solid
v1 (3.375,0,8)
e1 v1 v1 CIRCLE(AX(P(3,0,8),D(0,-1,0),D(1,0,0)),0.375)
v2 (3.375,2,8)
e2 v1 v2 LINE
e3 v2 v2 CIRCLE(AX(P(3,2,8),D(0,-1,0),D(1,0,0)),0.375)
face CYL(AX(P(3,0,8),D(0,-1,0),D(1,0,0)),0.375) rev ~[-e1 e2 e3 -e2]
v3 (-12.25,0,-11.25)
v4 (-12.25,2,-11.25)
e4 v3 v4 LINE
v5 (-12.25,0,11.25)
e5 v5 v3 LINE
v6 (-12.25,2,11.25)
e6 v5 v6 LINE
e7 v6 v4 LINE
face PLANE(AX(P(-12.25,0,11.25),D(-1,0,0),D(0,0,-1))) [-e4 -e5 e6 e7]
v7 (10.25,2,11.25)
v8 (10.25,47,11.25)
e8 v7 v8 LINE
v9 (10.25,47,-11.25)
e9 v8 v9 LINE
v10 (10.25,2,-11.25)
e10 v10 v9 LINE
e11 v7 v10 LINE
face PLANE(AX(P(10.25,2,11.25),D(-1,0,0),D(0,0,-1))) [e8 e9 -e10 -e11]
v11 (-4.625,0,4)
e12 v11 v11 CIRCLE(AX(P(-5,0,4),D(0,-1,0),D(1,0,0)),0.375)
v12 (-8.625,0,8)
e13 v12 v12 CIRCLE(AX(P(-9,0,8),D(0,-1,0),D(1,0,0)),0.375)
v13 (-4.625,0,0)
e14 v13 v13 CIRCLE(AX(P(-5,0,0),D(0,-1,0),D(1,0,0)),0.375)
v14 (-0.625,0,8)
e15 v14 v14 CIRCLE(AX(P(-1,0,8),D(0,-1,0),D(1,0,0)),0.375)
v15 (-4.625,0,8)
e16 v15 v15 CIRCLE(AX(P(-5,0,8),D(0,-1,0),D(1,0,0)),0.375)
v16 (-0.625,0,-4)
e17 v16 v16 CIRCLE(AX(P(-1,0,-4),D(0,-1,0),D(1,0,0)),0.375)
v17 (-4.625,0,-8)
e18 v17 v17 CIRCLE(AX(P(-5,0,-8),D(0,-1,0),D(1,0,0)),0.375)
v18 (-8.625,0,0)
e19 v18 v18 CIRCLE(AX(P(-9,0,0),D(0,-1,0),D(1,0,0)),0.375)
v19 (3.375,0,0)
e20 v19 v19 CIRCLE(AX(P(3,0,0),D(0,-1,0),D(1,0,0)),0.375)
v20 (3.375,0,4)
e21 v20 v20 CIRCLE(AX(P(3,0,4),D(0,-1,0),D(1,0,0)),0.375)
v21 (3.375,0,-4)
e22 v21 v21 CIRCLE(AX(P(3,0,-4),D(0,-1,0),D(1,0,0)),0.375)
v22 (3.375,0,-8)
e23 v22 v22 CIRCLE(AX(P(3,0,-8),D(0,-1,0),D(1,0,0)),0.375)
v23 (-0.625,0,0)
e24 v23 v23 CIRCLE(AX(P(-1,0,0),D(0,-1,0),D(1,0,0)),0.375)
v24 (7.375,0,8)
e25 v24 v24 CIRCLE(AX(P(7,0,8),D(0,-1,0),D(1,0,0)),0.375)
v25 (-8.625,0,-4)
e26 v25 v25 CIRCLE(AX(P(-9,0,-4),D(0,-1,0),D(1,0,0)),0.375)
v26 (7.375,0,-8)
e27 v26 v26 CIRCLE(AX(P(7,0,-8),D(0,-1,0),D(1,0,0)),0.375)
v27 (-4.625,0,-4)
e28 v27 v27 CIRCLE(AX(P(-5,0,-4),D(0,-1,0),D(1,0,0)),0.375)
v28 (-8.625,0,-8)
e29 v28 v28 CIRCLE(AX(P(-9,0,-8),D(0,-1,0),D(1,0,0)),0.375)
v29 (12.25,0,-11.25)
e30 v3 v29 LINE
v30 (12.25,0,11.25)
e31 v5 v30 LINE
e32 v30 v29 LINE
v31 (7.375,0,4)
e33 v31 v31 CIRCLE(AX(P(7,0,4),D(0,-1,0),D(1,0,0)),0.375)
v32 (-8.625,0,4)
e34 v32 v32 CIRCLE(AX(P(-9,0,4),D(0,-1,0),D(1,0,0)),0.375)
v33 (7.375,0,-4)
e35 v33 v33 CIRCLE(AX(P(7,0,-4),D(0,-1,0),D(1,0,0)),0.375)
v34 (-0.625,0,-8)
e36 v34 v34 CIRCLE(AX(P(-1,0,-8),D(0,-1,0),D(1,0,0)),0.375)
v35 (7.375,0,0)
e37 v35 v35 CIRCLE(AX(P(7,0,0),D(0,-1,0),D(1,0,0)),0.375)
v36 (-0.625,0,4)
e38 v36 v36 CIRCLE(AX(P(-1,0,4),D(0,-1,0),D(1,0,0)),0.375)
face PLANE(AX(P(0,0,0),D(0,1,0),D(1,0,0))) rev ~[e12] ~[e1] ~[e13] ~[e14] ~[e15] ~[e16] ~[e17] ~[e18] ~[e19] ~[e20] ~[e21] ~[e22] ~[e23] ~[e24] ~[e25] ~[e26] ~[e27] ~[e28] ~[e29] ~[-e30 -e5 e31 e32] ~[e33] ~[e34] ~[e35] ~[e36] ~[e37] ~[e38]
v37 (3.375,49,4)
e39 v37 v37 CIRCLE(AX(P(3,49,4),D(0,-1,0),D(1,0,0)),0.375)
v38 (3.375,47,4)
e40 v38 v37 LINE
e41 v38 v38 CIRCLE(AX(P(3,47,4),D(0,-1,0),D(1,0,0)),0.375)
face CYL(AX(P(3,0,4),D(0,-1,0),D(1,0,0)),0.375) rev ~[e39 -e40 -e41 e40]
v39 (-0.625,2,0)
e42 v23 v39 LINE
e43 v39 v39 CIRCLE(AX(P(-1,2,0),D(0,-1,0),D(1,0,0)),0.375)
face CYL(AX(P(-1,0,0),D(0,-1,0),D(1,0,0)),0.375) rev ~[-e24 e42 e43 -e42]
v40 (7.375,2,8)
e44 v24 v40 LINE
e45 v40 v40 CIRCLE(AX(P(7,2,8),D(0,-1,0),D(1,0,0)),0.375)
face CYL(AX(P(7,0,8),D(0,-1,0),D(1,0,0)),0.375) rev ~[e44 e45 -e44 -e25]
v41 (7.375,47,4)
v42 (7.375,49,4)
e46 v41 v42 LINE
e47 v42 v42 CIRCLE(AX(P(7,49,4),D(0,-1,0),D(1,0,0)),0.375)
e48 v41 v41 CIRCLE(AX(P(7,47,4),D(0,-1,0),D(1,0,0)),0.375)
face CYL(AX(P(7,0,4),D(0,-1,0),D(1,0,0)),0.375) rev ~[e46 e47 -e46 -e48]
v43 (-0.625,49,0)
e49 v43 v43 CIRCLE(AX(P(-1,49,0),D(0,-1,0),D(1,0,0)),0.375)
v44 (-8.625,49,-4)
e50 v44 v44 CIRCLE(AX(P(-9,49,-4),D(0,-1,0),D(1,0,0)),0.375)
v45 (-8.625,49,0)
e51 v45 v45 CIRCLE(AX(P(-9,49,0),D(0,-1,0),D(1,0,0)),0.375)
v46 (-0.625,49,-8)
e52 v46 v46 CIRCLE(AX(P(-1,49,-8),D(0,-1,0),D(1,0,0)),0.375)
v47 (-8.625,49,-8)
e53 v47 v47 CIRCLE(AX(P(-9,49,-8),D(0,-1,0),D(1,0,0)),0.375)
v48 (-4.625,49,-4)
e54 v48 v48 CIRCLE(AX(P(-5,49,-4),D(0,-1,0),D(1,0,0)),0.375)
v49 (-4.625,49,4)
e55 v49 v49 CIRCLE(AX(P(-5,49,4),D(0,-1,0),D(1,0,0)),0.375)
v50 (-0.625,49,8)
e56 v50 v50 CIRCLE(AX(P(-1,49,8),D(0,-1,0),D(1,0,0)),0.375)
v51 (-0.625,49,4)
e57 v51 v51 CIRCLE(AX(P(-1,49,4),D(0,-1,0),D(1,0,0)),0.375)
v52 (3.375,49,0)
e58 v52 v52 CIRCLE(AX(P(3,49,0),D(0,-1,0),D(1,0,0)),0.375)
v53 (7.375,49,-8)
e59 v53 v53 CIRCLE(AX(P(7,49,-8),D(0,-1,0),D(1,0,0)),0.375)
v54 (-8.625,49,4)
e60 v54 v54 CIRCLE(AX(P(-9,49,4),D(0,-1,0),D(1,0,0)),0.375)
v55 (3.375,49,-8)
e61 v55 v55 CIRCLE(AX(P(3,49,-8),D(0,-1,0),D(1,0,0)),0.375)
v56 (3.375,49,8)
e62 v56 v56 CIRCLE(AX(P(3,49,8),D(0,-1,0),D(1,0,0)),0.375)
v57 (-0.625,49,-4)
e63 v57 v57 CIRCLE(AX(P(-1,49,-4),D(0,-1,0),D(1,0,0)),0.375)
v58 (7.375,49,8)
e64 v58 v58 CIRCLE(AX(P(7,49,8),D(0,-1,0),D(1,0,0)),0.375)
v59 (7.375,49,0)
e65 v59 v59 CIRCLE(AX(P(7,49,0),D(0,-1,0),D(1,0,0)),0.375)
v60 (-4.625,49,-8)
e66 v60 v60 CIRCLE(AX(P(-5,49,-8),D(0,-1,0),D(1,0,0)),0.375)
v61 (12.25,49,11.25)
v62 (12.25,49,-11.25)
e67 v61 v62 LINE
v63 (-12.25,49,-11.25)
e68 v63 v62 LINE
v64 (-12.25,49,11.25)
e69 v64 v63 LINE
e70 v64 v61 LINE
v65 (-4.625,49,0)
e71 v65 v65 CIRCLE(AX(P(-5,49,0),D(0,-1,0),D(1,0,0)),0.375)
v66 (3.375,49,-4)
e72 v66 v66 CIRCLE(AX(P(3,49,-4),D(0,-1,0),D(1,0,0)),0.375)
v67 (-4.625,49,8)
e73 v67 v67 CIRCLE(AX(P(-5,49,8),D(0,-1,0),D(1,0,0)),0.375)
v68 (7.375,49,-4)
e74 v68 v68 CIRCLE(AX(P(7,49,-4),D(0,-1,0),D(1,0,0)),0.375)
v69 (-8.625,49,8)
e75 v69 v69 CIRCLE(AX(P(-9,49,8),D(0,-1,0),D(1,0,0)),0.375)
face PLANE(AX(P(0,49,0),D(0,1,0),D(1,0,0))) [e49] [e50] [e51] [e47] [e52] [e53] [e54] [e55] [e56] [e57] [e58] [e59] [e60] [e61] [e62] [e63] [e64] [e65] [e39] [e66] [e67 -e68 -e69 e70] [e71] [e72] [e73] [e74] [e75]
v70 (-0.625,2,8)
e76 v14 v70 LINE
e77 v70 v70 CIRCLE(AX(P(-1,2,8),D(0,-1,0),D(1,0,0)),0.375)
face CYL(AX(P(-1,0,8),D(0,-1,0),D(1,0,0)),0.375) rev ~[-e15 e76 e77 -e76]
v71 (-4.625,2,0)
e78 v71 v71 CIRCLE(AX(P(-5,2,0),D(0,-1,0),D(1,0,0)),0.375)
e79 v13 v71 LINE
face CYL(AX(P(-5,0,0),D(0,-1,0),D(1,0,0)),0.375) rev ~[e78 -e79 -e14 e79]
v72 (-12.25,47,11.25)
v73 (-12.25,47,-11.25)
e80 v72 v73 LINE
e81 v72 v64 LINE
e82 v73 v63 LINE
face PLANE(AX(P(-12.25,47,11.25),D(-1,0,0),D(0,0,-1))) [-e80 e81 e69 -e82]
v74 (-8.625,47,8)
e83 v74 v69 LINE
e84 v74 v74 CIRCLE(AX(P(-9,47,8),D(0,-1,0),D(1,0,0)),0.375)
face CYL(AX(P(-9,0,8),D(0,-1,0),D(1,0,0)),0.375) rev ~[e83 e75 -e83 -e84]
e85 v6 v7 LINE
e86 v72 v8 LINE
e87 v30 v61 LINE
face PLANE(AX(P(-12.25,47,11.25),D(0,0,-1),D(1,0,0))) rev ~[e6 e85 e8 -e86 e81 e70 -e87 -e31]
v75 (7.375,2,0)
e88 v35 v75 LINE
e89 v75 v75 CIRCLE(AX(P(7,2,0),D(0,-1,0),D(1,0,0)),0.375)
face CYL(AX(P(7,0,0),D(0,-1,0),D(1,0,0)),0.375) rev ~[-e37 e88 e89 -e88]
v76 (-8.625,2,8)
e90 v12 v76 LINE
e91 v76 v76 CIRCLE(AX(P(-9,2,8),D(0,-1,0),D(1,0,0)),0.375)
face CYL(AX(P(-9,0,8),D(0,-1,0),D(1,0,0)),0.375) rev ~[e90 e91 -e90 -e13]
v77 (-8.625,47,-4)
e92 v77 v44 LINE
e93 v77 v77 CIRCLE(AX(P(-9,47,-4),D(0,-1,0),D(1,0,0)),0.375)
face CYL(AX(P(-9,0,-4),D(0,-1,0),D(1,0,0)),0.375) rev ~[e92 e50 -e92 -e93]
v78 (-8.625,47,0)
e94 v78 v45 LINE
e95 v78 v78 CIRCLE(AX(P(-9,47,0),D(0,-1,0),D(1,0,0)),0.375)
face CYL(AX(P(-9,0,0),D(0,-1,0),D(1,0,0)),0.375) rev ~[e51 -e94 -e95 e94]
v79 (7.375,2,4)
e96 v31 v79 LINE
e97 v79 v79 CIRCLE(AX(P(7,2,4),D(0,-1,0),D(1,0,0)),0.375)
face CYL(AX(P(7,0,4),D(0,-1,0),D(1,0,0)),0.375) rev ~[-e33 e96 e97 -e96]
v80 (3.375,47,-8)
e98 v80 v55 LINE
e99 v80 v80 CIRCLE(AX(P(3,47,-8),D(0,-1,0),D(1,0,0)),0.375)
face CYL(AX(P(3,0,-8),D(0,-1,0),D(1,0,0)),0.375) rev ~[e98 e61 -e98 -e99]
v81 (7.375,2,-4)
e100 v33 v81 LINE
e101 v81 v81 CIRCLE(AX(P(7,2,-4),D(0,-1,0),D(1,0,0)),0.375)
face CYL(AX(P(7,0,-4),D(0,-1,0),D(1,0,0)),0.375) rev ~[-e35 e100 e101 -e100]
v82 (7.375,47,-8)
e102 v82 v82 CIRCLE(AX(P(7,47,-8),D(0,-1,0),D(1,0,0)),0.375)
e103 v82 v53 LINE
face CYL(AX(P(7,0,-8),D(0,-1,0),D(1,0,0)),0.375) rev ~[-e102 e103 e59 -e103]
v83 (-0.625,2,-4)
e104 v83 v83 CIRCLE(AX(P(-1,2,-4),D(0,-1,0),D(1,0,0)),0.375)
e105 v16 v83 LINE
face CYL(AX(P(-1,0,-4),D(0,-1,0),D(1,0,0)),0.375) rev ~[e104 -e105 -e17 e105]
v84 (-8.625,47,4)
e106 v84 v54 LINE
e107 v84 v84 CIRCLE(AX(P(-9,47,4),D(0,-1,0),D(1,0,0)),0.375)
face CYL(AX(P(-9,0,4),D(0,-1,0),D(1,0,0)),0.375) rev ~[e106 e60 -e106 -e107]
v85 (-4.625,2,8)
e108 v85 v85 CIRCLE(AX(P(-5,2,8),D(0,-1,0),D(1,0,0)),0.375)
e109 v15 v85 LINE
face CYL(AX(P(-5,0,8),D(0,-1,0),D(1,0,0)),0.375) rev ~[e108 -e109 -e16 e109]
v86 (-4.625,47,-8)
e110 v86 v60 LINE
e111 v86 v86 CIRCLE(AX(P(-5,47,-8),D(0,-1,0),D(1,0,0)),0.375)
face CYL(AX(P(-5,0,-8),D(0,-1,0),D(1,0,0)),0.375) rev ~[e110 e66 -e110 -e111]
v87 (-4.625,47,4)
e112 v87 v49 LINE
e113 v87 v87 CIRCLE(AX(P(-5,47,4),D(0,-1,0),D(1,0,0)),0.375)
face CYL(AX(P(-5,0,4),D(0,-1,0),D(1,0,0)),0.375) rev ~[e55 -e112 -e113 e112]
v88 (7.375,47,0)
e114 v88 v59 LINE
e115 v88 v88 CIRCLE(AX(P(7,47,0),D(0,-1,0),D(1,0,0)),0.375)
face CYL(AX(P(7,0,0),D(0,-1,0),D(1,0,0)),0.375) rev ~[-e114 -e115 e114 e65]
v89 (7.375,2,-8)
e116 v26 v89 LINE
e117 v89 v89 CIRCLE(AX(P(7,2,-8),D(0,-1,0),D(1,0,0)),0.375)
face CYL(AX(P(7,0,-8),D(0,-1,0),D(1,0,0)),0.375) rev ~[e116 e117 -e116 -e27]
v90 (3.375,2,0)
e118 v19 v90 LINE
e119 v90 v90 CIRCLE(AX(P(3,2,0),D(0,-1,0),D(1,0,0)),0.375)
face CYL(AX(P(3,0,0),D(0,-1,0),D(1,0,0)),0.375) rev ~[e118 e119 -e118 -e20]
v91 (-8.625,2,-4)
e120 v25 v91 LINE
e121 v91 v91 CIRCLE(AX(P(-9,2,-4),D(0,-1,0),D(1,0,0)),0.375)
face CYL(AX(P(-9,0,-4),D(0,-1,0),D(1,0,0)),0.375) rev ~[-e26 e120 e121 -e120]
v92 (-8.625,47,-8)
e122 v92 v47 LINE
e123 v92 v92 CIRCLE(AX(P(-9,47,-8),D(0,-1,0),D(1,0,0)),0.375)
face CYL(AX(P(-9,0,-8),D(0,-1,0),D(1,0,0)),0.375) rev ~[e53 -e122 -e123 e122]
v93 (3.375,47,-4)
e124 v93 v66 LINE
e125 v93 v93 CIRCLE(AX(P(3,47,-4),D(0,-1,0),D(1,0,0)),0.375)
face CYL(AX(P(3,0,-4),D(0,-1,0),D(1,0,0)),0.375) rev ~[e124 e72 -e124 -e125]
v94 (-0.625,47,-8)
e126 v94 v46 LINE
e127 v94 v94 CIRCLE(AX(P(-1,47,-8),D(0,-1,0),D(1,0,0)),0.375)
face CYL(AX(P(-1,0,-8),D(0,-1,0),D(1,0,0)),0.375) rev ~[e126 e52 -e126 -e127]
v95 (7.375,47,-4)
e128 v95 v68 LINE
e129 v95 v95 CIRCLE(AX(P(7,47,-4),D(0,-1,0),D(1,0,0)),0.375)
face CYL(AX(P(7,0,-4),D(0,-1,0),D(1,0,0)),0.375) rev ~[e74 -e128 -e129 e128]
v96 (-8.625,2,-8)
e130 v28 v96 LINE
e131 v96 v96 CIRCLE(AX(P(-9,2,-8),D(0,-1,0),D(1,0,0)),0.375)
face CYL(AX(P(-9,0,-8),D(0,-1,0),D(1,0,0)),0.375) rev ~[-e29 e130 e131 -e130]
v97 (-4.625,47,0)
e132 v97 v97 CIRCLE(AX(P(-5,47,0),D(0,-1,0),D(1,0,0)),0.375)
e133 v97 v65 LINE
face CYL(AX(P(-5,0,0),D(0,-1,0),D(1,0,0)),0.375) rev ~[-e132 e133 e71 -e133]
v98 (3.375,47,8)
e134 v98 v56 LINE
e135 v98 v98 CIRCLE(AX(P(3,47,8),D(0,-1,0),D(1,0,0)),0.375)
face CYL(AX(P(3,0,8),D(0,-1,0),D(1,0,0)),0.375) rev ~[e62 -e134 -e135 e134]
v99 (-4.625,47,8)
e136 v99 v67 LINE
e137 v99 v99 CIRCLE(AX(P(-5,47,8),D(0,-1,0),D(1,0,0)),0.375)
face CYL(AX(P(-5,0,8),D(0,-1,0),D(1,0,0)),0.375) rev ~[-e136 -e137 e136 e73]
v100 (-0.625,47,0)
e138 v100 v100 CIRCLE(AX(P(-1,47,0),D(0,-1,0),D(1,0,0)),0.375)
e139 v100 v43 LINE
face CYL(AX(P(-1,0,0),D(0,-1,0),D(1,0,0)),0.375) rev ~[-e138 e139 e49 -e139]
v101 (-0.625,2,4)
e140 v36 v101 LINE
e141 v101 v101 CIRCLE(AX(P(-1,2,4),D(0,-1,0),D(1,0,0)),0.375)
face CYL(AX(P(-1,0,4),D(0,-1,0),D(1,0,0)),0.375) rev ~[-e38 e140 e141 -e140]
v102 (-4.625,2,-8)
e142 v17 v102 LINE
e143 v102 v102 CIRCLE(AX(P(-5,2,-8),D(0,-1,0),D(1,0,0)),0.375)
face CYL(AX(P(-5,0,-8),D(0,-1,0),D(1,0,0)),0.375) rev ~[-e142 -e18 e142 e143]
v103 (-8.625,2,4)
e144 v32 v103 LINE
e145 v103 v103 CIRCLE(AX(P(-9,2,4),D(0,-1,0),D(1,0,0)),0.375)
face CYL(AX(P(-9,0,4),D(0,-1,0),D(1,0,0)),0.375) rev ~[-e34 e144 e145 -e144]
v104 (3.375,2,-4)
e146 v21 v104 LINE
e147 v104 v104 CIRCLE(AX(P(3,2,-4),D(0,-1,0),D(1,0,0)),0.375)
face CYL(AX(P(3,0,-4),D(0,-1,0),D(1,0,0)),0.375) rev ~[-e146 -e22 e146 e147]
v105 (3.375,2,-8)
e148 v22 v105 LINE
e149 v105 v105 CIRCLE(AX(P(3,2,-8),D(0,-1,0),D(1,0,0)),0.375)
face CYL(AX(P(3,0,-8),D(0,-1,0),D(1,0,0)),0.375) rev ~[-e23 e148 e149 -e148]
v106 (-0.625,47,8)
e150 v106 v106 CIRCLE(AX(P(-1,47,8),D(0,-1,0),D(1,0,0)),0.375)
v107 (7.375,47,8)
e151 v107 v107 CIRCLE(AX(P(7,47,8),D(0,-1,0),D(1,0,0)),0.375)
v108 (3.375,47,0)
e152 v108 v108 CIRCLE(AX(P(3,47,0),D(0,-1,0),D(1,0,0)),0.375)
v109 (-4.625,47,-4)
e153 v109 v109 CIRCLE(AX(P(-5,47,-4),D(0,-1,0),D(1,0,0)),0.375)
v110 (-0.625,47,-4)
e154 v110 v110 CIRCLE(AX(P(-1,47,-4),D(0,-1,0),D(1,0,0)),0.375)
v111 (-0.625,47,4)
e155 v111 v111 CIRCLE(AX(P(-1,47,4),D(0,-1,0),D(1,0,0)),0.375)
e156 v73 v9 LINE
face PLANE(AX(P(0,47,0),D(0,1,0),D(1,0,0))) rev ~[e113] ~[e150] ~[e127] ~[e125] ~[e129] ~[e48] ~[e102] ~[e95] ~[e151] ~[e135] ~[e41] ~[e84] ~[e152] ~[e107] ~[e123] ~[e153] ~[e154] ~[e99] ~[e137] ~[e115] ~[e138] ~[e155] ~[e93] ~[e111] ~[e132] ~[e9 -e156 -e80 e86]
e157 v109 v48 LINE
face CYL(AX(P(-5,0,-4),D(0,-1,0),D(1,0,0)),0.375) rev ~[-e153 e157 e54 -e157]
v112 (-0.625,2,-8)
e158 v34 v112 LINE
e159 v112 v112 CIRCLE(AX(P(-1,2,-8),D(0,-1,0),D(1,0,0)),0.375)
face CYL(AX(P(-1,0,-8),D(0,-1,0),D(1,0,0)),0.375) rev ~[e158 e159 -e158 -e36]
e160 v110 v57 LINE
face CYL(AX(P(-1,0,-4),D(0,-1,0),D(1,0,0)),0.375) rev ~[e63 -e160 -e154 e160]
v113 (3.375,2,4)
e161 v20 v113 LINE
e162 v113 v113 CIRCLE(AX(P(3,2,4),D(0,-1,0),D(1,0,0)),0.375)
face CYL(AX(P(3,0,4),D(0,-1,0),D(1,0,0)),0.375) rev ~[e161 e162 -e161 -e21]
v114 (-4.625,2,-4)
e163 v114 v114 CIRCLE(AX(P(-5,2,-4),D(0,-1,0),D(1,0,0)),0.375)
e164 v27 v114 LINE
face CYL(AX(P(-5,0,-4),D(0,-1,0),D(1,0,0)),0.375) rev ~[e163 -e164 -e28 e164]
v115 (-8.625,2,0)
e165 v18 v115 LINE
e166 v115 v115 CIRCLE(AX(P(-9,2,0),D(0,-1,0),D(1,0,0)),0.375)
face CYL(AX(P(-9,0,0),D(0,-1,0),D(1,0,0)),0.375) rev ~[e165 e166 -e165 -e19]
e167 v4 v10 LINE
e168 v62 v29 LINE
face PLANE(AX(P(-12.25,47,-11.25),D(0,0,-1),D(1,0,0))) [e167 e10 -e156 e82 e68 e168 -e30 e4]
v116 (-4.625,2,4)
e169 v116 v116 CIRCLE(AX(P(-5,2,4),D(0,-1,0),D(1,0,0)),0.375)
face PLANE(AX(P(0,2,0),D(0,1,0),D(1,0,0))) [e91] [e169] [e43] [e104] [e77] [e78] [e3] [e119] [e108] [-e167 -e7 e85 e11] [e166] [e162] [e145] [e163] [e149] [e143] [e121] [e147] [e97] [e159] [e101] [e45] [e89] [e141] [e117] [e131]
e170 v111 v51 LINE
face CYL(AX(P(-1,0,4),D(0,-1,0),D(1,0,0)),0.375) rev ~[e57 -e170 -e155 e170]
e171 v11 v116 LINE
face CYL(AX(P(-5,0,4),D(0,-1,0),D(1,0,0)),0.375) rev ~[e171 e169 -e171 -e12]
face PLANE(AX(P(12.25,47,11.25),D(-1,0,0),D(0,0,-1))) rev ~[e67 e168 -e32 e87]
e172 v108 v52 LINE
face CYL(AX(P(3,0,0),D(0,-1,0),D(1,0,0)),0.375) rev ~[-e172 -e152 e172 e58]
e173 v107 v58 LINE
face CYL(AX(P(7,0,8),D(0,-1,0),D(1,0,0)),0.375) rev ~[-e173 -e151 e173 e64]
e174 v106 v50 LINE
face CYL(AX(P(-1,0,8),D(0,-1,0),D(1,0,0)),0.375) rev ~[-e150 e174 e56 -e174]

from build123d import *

# Parameters (mm, degrees)
SKETCH1_W            = 24.5
SKETCH1_H            = 22.5
BOSS_EXTRUDE1_DEPTH  = 2
SKETCH2_W            = 2
SKETCH2_H            = 22.5
BOSS_EXTRUDE2_DEPTH  = 45
SKETCH4_W            = 24.5
SKETCH4_H            = 22.5
BOSS_EXTRUDE3_DEPTH  = 2
SKETCH3_R            = 0.375
CUT_EXTRUDE1_DEPTH   = 50
LPATTERN1_COUNT      = 5
LPATTERN1_PITCH      = 4
LPATTERN1_COUNT_DIR2 = 5
LPATTERN1_PITCH_DIR2 = 4


with BuildPart() as part:
    # Sketch1 → Boss-Extrude1 (new body)
    with BuildSketch(Plane(origin=(0, 0, 0), x_dir=(1, 0, 0), z_dir=(0, 1, 0))):
        Rectangle(SKETCH1_W, SKETCH1_H)
    extrude(amount=BOSS_EXTRUDE1_DEPTH)

    # Sketch2 → Boss-Extrude2 (add)
    with BuildSketch(Plane(origin=(0, 2, 0), x_dir=(1, 0, 0), z_dir=(0, 1, 0))):
        with Locations((11.25, 0)):
            Rectangle(SKETCH2_W, SKETCH2_H)
    extrude(amount=BOSS_EXTRUDE2_DEPTH)

    # Sketch4 → Boss-Extrude3 (add)
    with BuildSketch(Plane(origin=(0, 47, 0), x_dir=(1, 0, 0), z_dir=(0, 1, 0))):
        Rectangle(SKETCH4_W, SKETCH4_H)
    extrude(amount=BOSS_EXTRUDE3_DEPTH)

    # Sketch3 → Cut-Extrude1 (cut, through all)
    with BuildSketch(Plane.XZ):
        with Locations((-9, 8)):
            Circle(SKETCH3_R)
    cut_extrude1 = extrude(amount=-CUT_EXTRUDE1_DEPTH, mode=Mode.SUBTRACT)

    # LPattern1: Cut-Extrude1 5 × 5
    with Locations(*[(j * LPATTERN1_PITCH_DIR2, 0, -i * LPATTERN1_PITCH) for i in range(LPATTERN1_COUNT) for j in range(LPATTERN1_COUNT_DIR2) if (i, j) != (0, 0)]):
        add(cut_extrude1, mode=Mode.SUBTRACT)


solid = part.part
